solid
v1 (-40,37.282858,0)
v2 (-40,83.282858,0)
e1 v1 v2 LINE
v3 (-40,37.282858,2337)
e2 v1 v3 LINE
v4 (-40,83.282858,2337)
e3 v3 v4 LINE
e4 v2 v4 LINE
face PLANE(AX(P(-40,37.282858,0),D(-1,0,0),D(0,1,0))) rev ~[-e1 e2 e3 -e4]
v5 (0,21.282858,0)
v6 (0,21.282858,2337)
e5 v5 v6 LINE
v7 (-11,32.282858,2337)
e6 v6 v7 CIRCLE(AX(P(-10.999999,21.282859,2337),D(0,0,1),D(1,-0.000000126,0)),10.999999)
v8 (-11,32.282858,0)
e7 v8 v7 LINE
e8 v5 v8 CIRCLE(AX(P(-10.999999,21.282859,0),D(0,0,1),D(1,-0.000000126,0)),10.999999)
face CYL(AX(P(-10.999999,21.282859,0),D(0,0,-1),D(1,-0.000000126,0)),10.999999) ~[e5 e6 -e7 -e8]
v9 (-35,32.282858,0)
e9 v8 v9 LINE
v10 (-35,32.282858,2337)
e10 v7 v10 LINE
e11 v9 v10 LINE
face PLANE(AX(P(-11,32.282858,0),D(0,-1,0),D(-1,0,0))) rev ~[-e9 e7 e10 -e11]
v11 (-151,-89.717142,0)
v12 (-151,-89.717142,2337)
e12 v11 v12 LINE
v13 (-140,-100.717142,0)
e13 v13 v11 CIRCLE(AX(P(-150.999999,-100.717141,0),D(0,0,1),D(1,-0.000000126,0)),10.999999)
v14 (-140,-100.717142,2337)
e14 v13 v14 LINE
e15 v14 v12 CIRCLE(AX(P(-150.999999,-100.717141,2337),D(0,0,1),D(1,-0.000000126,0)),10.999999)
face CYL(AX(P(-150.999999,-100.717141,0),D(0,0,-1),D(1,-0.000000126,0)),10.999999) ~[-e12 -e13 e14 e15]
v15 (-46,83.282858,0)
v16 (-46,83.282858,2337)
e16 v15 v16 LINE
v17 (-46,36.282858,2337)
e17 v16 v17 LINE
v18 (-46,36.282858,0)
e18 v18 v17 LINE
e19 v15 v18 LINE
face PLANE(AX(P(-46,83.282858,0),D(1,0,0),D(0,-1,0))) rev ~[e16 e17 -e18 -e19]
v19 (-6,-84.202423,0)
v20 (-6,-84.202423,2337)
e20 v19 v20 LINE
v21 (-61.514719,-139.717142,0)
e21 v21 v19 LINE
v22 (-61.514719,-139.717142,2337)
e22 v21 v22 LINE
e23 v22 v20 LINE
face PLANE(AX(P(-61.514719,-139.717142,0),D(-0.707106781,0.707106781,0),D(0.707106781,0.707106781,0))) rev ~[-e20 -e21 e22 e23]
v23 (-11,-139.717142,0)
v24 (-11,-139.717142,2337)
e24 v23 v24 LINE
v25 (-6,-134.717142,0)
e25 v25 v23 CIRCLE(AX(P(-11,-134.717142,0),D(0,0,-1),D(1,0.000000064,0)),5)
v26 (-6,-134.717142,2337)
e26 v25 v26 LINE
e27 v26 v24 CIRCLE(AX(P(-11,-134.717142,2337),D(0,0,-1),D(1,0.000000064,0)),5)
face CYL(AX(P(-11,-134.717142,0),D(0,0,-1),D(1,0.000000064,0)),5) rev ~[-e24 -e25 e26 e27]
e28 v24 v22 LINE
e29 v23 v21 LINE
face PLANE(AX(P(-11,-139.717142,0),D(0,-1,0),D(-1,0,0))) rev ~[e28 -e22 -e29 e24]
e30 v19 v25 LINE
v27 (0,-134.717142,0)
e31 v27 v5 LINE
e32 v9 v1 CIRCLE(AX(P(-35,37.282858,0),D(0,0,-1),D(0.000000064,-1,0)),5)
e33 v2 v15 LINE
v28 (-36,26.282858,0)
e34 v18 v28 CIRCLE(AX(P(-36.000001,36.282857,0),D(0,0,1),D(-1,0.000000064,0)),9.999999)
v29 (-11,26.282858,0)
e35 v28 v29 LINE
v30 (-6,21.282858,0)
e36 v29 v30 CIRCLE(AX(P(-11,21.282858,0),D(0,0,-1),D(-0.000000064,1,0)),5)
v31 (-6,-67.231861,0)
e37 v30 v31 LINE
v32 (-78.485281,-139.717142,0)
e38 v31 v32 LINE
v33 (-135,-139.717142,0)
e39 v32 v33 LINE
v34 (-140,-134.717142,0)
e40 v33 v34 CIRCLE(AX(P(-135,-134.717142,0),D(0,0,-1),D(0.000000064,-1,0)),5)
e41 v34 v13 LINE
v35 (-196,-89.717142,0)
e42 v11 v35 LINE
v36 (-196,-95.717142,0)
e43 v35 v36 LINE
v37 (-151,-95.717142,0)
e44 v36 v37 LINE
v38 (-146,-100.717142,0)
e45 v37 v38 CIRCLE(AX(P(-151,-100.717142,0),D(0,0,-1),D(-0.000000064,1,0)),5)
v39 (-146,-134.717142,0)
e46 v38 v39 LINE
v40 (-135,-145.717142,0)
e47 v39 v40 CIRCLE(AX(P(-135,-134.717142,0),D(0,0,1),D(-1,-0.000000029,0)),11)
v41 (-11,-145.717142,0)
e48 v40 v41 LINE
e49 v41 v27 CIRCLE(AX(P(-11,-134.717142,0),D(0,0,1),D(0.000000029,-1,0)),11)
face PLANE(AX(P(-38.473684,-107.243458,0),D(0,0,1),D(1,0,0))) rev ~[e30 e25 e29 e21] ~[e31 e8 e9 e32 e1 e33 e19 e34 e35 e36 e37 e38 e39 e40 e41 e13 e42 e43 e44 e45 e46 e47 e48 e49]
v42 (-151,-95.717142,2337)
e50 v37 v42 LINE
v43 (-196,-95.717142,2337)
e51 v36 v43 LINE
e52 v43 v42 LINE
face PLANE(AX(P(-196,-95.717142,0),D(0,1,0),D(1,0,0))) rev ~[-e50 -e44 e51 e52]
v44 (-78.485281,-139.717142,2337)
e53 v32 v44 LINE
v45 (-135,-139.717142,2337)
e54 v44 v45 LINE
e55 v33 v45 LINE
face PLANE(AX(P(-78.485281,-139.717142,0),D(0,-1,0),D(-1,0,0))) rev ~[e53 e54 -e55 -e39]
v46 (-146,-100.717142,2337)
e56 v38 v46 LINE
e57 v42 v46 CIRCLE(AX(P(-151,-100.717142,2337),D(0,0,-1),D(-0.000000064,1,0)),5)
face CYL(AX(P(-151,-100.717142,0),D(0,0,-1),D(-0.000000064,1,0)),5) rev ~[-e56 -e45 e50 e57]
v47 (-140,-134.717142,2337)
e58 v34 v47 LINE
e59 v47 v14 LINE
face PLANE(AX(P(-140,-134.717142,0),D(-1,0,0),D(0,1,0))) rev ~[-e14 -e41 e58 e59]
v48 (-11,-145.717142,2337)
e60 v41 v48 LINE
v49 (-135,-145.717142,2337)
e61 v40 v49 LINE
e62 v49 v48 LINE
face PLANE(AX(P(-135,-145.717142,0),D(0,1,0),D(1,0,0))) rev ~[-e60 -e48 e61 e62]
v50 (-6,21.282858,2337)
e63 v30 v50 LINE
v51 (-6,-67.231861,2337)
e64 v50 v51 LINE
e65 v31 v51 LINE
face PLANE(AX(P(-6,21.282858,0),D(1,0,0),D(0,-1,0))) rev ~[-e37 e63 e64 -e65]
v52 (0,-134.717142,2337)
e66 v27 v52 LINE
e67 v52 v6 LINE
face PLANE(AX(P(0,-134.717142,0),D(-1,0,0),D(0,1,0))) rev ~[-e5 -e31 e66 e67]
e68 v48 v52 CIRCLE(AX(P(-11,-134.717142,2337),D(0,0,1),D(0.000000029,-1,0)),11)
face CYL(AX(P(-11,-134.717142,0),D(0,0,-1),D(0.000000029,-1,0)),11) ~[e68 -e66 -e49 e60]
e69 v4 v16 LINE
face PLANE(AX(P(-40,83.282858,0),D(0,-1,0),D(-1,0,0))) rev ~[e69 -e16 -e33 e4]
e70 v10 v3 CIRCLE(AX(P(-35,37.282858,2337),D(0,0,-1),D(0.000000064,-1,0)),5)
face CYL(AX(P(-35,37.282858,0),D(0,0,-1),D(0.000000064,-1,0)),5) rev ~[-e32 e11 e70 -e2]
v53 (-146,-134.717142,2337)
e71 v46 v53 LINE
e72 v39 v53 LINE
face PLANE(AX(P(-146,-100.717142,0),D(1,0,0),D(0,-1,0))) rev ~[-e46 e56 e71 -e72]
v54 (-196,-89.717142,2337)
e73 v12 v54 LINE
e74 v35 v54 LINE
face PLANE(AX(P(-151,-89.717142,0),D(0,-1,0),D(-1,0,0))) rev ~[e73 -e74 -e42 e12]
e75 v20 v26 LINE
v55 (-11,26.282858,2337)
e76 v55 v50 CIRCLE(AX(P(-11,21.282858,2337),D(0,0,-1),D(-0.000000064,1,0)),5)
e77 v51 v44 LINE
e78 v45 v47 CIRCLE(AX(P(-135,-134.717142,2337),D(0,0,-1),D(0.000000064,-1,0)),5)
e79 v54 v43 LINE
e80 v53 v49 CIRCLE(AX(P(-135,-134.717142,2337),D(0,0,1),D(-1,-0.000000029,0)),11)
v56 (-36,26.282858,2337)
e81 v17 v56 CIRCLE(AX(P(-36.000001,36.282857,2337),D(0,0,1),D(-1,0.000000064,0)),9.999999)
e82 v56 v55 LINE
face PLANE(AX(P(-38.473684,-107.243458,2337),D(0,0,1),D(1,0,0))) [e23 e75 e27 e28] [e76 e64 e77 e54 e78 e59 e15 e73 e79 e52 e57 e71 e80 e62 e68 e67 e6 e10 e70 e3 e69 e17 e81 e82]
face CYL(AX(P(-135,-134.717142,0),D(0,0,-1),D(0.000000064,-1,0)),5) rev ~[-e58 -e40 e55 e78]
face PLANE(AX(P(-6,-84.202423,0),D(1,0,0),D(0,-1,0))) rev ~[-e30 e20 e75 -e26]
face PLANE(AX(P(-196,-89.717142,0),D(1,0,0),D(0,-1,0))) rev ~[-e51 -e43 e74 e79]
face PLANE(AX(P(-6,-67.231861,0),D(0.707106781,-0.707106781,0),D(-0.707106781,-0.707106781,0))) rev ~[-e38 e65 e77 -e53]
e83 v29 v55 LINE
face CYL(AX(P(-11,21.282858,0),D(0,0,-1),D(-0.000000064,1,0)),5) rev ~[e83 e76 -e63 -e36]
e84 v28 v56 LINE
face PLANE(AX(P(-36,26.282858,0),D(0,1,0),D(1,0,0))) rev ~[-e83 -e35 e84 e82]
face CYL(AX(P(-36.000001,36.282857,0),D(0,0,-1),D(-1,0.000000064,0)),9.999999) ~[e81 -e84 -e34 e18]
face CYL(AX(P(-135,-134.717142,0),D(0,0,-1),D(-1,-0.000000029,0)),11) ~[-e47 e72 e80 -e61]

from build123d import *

# Parameters (mm, degrees)
F1_DEPTH = 2337


with BuildPart() as f1:
    # F0 (on Top) → F1 (new body)
    with BuildSketch(Plane.XY):
        Polygon((-6, -84.202423), (-6, -67.231861), (-78.485281, -139.717142), (-61.514719, -139.717142), align=None)
        with BuildLine():
            Line((-40, 83.282858), (-46, 83.282858))
            Line((-46, 83.282858), (-46, 36.282858))
            ThreePointArc((-46, 36.282858), (-43.071068, 29.21179), (-36, 26.282858))
            Line((-36, 26.282858), (-11, 26.282858))
            ThreePointArc((-11, 26.282858), (-7.464466, 24.818392), (-6, 21.282858))
            Line((-6, 21.282858), (-6, -67.231861))
            Line((-6, -67.231861), (-6, -84.202423))
            Line((-6, -84.202423), (-6, -134.717142))
            ThreePointArc((-6, -134.717142), (-7.464466, -138.252676), (-11, -139.717142))
            Line((-11, -139.717142), (-61.514719, -139.717142))
            Line((-61.514719, -139.717142), (-78.485281, -139.717142))
            Line((-78.485281, -139.717142), (-135, -139.717142))
            ThreePointArc((-135, -139.717142), (-138.535534, -138.252676), (-140, -134.717142))
            Line((-140, -134.717142), (-140, -100.717142))
            ThreePointArc((-140, -100.717142), (-143.221825, -92.938967), (-151, -89.717142))
            Line((-151, -89.717142), (-196, -89.717142))
            Line((-196, -89.717142), (-196, -95.717142))
            Line((-196, -95.717142), (-151, -95.717142))
            ThreePointArc((-151, -95.717142), (-147.464466, -97.181608), (-146, -100.717142))
            Line((-146, -100.717142), (-146, -134.717142))
            ThreePointArc((-146, -134.717142), (-142.778175, -142.495316), (-135, -145.717142))
            Line((-135, -145.717142), (-11, -145.717142))
            ThreePointArc((-11, -145.717142), (-3.221825, -142.495316), (0, -134.717142))
            Line((0, -134.717142), (0, 21.282858))
            ThreePointArc((0, 21.282858), (-3.221825, 29.061033), (-11, 32.282858))
            Line((-11, 32.282858), (-35, 32.282858))
            ThreePointArc((-35, 32.282858), (-38.535534, 33.747324), (-40, 37.282858))
            Line((-40, 37.282858), (-40, 83.282858))
        make_face()
    extrude(amount=F1_DEPTH)


solid = f1.part
